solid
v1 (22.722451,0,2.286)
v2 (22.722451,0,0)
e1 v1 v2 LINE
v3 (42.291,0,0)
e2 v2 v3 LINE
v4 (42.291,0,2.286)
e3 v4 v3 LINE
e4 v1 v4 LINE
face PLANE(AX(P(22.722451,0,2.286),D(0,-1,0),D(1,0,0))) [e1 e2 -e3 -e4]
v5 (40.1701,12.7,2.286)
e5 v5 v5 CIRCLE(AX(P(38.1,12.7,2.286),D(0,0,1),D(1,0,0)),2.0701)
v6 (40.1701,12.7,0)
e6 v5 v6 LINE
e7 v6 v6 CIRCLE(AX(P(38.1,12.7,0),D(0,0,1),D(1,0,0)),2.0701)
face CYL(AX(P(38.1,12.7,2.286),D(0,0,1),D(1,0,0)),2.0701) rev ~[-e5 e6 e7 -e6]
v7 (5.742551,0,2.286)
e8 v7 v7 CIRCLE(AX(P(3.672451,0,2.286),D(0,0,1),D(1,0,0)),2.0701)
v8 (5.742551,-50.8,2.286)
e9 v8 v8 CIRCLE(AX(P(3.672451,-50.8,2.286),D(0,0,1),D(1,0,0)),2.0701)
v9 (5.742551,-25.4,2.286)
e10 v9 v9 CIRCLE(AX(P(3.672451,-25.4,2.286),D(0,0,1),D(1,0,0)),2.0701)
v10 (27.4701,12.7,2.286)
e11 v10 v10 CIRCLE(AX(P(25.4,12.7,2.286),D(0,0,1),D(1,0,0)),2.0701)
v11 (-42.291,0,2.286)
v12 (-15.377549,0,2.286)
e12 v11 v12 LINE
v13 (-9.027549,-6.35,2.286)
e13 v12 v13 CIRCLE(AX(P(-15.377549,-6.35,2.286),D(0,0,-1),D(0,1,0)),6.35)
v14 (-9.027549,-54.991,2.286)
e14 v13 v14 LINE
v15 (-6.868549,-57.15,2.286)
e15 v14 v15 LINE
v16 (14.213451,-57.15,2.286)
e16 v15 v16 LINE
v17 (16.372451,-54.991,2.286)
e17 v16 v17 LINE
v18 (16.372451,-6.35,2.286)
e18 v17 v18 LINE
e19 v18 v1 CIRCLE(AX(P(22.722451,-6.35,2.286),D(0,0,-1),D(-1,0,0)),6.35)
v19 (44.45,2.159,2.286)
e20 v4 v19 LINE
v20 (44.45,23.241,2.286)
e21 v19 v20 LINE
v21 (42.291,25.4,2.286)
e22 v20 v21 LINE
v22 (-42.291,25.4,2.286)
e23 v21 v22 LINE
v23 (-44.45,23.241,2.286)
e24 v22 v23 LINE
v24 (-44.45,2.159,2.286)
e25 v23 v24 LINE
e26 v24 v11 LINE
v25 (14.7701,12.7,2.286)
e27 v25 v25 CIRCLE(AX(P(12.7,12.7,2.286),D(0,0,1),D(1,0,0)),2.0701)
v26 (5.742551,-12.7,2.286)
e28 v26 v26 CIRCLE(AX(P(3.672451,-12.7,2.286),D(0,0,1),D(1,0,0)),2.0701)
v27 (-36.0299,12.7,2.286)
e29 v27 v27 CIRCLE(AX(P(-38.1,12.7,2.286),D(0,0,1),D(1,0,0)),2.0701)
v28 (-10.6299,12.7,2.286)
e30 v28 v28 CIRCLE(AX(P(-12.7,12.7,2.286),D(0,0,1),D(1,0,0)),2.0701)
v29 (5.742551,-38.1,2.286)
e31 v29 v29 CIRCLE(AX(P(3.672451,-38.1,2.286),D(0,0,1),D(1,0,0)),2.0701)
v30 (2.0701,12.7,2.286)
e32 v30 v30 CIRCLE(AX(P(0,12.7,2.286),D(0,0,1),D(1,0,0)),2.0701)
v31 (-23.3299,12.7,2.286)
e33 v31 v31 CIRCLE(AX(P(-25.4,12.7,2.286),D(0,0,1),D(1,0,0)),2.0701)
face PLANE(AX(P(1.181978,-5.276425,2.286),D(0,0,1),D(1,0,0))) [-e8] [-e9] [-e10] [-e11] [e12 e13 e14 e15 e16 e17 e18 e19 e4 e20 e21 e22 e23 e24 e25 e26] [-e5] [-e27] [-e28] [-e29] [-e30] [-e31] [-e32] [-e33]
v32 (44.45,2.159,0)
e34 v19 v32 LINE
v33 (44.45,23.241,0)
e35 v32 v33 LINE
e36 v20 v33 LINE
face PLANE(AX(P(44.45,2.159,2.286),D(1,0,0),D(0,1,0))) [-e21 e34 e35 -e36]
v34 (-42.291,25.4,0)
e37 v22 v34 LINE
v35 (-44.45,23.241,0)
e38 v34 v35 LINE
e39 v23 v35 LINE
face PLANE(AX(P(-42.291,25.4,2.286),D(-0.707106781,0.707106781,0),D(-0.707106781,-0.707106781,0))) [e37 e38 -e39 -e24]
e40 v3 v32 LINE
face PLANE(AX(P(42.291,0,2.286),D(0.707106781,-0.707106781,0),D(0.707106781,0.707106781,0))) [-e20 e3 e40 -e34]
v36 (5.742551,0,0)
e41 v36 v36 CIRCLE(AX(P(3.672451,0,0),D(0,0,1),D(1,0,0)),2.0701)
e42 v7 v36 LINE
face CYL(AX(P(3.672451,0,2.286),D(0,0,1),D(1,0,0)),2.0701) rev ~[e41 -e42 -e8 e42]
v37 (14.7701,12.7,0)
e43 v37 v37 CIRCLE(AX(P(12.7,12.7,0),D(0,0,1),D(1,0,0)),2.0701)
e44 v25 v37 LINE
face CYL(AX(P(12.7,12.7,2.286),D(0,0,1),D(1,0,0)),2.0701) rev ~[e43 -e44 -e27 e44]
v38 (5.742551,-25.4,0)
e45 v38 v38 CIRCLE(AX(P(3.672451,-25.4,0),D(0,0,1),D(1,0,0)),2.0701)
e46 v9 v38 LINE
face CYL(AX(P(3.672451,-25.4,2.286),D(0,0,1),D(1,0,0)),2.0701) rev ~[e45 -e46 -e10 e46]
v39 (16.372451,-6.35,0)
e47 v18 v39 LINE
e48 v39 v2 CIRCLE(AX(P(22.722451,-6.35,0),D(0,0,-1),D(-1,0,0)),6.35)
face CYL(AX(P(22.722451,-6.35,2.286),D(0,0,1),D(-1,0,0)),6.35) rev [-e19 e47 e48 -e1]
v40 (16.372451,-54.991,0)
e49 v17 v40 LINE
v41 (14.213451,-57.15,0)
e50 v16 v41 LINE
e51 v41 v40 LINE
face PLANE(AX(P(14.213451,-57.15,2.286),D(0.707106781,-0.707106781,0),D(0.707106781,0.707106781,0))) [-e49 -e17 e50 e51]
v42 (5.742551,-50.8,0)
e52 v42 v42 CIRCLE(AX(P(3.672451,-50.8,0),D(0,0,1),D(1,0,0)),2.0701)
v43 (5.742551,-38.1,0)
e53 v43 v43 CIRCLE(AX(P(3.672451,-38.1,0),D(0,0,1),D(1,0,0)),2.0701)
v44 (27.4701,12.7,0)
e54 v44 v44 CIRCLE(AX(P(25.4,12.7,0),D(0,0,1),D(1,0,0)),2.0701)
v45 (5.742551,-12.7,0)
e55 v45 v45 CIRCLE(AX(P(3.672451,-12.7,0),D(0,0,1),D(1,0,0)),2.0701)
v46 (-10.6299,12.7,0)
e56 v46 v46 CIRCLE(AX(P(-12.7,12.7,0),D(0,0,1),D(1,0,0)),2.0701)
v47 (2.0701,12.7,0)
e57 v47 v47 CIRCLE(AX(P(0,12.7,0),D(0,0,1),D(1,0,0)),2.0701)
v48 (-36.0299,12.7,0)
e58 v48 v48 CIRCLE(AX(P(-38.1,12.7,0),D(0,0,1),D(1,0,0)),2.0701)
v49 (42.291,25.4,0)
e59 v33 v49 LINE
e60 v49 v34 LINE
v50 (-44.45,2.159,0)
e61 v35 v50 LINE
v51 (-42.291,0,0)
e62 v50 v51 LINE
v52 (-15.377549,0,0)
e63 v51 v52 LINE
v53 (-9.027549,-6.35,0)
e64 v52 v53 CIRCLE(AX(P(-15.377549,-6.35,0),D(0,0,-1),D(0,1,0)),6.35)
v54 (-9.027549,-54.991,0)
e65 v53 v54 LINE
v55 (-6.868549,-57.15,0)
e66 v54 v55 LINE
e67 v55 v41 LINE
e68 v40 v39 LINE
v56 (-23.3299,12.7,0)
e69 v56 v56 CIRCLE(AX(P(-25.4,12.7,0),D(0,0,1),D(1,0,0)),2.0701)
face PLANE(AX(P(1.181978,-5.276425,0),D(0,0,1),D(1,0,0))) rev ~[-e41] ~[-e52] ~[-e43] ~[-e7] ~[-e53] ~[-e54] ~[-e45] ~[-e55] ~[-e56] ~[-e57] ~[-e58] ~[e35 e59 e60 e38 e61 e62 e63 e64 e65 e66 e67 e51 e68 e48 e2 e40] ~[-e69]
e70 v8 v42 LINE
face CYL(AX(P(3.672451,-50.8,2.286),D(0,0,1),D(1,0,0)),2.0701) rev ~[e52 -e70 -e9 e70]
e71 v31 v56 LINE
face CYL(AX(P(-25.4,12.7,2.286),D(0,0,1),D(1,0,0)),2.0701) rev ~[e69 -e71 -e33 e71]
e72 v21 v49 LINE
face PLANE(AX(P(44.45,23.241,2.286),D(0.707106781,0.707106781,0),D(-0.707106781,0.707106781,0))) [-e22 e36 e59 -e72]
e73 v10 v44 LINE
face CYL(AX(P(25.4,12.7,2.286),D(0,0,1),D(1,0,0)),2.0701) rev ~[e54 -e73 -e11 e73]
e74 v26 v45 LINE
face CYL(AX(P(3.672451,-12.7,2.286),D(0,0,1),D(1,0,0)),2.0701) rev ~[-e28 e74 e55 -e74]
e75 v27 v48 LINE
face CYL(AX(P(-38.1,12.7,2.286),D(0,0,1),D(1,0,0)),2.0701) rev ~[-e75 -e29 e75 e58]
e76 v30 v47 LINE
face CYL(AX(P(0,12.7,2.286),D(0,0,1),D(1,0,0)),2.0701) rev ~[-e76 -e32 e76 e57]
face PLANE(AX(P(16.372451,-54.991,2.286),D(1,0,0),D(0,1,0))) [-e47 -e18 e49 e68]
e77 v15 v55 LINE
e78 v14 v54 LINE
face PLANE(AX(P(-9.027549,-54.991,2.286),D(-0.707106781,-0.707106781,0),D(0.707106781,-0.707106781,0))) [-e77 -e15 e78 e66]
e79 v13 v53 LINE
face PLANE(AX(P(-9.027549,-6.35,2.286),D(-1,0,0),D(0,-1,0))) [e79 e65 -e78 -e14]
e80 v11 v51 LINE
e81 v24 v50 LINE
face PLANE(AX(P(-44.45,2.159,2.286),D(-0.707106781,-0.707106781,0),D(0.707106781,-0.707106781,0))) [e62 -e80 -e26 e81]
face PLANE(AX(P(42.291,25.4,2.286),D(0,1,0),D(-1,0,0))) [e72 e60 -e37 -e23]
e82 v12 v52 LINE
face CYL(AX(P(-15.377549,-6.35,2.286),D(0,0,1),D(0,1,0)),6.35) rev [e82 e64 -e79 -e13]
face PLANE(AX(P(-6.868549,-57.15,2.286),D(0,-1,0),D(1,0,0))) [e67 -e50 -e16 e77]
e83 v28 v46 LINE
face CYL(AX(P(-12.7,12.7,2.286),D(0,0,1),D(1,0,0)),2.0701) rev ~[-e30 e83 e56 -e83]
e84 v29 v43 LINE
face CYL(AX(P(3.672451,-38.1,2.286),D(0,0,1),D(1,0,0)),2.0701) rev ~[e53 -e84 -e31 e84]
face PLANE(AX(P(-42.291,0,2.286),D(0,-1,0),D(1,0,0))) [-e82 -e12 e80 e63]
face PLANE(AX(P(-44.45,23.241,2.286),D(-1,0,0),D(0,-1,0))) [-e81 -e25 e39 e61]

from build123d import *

# Parameters (mm, degrees)
SKETCH1_R           = 2.0701
BOSS_EXTRUDE1_DEPTH = 2.286


with BuildPart() as part:
    # Sketch1 → Boss-Extrude1 (new body)
    with BuildSketch(Plane.XY.offset(2.286)):
        with BuildLine():
            Line((16.372450872, -54.991), (16.372450872, -6.35))
            ThreePointArc((16.372450872, -6.35), (18.232322811, -1.859871939), (22.722450872, 0))
            Line((22.722450872, 0), (42.291, 0))
            Line((42.291, 0), (44.45, 2.159))
            Line((44.45, 2.159), (44.45, 23.241))
            Line((44.45, 23.241), (42.291, 25.4))
            Line((42.291, 25.4), (-42.291, 25.4))
            Line((-42.291, 25.4), (-44.45, 23.241))
            Line((-44.45, 23.241), (-44.45, 2.159))
            Line((-44.45, 2.159), (-42.291, 0))
            Line((-42.291, 0), (-15.377549128, 0))
            ThreePointArc((-15.377549128, 0), (-10.887421067, -1.859871939), (-9.027549128, -6.35))
            Line((-9.027549128, -6.35), (-9.027549128, -54.991))
            Line((-9.027549128, -54.991), (-6.868549128, -57.15))
            Line((-6.868549128, -57.15), (14.213450872, -57.15))
            Line((14.213450872, -57.15), (16.372450872, -54.991))
        make_face()
        with Locations((3.672450872, -38.1)):
            Circle(SKETCH1_R, mode=Mode.SUBTRACT)
        with Locations((3.672450872, -12.7)):
            Circle(SKETCH1_R, mode=Mode.SUBTRACT)
        with Locations((38.1, 12.7)):
            Circle(SKETCH1_R, mode=Mode.SUBTRACT)
        with Locations((12.7, 12.7)):
            Circle(SKETCH1_R, mode=Mode.SUBTRACT)
        with Locations((-12.7, 12.7)):
            Circle(SKETCH1_R, mode=Mode.SUBTRACT)
        with Locations((-38.1, 12.7)):
            Circle(SKETCH1_R, mode=Mode.SUBTRACT)
        with Locations((-25.4, 12.7)):
            Circle(SKETCH1_R, mode=Mode.SUBTRACT)
        with Locations((0, 12.7)):
            Circle(SKETCH1_R, mode=Mode.SUBTRACT)
        with Locations((25.4, 12.7)):
            Circle(SKETCH1_R, mode=Mode.SUBTRACT)
        with Locations((3.672450872, 0)):
            Circle(SKETCH1_R, mode=Mode.SUBTRACT)
        with Locations((3.672450872, -25.4)):
            Circle(SKETCH1_R, mode=Mode.SUBTRACT)
        with Locations((3.672450872, -50.8)):
            Circle(SKETCH1_R, mode=Mode.SUBTRACT)
    extrude(amount=-BOSS_EXTRUDE1_DEPTH)


solid = part.part
